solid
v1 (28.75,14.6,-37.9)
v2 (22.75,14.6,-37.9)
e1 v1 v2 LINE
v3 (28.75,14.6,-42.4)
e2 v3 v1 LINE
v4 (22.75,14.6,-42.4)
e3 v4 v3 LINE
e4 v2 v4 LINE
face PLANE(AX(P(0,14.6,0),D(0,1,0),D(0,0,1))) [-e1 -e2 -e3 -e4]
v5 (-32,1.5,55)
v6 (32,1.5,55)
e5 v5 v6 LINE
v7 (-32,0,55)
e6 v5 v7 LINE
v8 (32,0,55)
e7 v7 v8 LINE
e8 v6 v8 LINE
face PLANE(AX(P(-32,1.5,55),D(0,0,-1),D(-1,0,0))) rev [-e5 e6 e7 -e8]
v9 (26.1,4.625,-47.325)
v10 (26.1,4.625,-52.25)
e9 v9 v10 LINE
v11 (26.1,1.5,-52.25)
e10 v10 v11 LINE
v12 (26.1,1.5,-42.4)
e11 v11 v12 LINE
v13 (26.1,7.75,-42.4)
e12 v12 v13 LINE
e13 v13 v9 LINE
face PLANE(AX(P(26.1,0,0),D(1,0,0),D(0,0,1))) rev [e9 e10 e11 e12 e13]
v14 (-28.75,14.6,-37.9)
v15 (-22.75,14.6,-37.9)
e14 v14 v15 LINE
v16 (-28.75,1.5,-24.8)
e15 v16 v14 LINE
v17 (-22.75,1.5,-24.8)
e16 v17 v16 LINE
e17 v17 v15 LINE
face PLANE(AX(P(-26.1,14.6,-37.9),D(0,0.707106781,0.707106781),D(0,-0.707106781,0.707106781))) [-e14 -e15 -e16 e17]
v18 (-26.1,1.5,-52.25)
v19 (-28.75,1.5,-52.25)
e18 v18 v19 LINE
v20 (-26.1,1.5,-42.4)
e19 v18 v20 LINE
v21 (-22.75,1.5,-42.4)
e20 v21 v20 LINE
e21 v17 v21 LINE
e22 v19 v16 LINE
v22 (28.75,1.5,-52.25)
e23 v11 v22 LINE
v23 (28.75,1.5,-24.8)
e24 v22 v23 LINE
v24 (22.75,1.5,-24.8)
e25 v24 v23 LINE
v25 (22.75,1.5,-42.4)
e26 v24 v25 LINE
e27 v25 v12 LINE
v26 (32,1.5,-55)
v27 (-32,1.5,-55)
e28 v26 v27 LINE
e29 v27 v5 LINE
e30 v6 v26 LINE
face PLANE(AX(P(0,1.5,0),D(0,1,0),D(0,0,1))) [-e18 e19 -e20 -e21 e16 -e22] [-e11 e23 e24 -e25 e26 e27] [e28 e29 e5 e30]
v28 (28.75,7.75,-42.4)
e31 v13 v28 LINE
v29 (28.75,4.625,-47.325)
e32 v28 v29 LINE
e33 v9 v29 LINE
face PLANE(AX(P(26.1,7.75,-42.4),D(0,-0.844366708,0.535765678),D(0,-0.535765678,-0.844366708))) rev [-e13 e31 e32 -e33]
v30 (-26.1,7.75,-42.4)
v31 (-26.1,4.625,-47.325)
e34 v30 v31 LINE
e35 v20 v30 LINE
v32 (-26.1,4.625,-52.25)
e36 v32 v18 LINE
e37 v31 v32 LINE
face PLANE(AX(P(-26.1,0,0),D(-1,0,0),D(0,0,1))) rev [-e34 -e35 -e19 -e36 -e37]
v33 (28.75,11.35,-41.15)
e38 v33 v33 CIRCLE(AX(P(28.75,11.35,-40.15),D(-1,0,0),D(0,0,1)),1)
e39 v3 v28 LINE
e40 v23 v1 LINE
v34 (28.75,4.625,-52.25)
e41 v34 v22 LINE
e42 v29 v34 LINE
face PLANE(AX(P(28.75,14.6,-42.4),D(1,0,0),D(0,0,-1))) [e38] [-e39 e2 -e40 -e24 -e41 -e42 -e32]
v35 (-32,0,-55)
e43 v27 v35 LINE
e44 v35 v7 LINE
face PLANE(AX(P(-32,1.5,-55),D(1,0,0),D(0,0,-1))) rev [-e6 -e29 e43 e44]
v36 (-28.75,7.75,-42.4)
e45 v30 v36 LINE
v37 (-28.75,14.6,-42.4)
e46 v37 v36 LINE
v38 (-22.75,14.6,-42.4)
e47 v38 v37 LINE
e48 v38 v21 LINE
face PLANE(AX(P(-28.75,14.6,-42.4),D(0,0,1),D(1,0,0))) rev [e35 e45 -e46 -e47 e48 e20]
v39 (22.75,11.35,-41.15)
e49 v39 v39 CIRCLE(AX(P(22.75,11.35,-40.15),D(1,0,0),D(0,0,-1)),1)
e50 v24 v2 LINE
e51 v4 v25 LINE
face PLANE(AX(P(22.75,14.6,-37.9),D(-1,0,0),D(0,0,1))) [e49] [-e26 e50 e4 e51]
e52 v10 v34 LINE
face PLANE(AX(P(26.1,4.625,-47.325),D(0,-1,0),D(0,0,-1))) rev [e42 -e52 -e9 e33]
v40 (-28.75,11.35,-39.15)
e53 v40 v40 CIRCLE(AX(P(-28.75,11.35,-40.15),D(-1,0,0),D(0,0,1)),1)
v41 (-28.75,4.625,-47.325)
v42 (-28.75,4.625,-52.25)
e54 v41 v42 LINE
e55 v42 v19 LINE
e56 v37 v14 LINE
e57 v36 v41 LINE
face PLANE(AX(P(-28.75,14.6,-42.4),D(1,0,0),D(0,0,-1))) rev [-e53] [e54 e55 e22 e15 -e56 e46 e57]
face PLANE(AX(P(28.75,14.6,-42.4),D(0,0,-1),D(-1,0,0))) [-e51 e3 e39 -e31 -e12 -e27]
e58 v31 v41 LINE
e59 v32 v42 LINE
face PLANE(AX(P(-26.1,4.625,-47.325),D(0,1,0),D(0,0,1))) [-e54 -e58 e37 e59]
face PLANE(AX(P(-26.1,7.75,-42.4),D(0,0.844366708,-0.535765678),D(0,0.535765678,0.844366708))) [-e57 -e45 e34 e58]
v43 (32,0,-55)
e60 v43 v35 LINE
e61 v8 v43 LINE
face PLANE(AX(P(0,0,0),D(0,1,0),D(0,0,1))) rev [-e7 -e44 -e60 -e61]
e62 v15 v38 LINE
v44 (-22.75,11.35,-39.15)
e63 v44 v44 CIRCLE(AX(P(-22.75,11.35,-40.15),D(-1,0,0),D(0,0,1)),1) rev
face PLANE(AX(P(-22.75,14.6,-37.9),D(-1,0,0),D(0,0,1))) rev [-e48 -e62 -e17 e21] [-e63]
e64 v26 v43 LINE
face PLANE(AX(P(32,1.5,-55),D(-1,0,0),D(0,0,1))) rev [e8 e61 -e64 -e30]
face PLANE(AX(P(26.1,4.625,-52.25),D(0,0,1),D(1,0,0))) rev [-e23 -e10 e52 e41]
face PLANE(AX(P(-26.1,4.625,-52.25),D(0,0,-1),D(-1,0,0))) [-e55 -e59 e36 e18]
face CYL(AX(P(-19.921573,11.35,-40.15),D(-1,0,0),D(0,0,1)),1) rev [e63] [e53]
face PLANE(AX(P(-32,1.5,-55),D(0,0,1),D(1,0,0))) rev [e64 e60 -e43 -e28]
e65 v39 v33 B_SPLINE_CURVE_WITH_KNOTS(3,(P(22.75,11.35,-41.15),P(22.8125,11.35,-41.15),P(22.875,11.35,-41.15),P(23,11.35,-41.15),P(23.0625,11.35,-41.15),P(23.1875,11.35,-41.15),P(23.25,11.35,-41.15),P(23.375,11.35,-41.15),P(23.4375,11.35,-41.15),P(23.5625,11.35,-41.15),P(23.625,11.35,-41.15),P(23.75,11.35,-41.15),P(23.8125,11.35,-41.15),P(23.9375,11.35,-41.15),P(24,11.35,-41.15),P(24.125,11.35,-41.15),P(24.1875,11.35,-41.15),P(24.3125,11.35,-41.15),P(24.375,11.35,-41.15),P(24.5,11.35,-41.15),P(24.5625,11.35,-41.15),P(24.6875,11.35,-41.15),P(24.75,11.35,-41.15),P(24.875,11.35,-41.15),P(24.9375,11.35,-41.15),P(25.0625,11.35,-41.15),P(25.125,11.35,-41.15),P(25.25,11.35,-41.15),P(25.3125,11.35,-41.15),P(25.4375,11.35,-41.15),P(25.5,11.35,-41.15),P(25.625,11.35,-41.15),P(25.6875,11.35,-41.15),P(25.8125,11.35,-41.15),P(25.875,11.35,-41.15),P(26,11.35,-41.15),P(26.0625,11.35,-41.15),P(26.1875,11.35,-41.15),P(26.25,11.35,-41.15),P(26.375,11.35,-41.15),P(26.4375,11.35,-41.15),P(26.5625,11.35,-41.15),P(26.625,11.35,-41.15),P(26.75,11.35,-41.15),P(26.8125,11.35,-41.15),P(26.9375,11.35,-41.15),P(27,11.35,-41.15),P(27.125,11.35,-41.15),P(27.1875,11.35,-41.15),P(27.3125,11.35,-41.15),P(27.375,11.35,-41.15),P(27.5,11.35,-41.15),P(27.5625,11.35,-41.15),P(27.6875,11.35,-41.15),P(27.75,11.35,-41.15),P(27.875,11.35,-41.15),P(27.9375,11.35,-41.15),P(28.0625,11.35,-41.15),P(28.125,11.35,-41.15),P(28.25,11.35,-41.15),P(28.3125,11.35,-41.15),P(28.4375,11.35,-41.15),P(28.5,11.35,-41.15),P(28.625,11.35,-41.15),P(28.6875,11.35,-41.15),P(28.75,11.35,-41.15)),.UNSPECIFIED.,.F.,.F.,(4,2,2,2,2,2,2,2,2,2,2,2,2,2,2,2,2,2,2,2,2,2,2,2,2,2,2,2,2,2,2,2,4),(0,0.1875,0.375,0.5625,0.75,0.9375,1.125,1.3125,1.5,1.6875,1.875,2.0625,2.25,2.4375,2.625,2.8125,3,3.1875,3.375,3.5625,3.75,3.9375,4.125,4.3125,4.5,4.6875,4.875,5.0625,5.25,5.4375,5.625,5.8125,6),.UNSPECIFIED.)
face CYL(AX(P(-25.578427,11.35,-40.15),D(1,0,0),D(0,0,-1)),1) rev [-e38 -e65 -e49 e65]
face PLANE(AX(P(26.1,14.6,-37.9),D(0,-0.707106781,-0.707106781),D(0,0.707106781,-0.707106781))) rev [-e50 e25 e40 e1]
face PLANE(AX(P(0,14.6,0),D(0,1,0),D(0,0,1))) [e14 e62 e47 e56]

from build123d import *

# Parameters (mm, degrees)
SKETCH1_W           = 64
SKETCH1_H           = 110
BOSS_EXTRUDE1_DEPTH = 1.5
SKETCH2_W           = 6
SKETCH2_H           = 4.5
BOSS_EXTRUDE2_DEPTH = 13.1
BOSS_EXTRUDE3_DEPTH = 2.65
BOSS_EXTRUDE4_DEPTH = 3.35
SKETCH7_R           = 1
CUT_EXTRUDE1_DEPTH  = 6


with BuildPart() as part:
    # Sketch1 → Boss-Extrude1 (new body)
    with BuildSketch(Plane(origin=(0, 0, 0), x_dir=(1, 0, 0), z_dir=(0, 1, 0))):
        Rectangle(SKETCH1_W, SKETCH1_H)
    extrude(amount=BOSS_EXTRUDE1_DEPTH)

    # Sketch2 → Boss-Extrude2 (add)
    with BuildSketch(Plane(origin=(0, 1.5, 0), x_dir=(1, 0, 0), z_dir=(0, 1, 0))):
        with Locations((-25.75, 40.15)):
            Rectangle(SKETCH2_W, SKETCH2_H)
    boss_extrude2 = extrude(amount=BOSS_EXTRUDE2_DEPTH)

    # Sketch3 → Boss-Extrude3 (add)
    with BuildSketch(Plane.ZY.offset(28.75)):
        Polygon((-42.4, 7.75), (-47.325, 4.625), (-52.25, 4.625), (-52.25, 1.5), (-42.4, 1.5), align=None)
        Polygon((-37.9, 14.6), (-24.8, 1.5), (-37.9, 1.5), align=None)
    boss_extrude3 = extrude(amount=-BOSS_EXTRUDE3_DEPTH)

    # Sketch6 → Boss-Extrude4 (add)
    with BuildSketch(Plane(origin=(-26.1, 0, 0), x_dir=(0, 0, -1), z_dir=(1, 0, 0))):
        Polygon((24.8, 1.5), (37.9, 1.5), (37.9, 14.6), align=None)
    boss_extrude4 = extrude(amount=BOSS_EXTRUDE4_DEPTH)

    # Sketch7 → Cut-Extrude1 (cut)
    with BuildSketch(Plane.ZY.offset(28.75)):
        with Locations((-40.15, 11.35)):
            Circle(SKETCH7_R)
    cut_extrude1 = extrude(amount=-CUT_EXTRUDE1_DEPTH, mode=Mode.SUBTRACT)

    # Mirror1: Boss-Extrude2, Boss-Extrude3, Boss-Extrude4, Cut-Extrude1 across plane
    add(boss_extrude2.mirror(Plane(origin=(0, 0, 0), x_dir=(0, 0, 1), z_dir=(1, 0, 0))))
    add(boss_extrude3.mirror(Plane(origin=(0, 0, 0), x_dir=(0, 0, 1), z_dir=(1, 0, 0))))
    add(boss_extrude4.mirror(Plane(origin=(0, 0, 0), x_dir=(0, 0, 1), z_dir=(1, 0, 0))))
    add(cut_extrude1.mirror(Plane(origin=(0, 0, 0), x_dir=(0, 0, 1), z_dir=(1, 0, 0))), mode=Mode.SUBTRACT)


solid = part.part
